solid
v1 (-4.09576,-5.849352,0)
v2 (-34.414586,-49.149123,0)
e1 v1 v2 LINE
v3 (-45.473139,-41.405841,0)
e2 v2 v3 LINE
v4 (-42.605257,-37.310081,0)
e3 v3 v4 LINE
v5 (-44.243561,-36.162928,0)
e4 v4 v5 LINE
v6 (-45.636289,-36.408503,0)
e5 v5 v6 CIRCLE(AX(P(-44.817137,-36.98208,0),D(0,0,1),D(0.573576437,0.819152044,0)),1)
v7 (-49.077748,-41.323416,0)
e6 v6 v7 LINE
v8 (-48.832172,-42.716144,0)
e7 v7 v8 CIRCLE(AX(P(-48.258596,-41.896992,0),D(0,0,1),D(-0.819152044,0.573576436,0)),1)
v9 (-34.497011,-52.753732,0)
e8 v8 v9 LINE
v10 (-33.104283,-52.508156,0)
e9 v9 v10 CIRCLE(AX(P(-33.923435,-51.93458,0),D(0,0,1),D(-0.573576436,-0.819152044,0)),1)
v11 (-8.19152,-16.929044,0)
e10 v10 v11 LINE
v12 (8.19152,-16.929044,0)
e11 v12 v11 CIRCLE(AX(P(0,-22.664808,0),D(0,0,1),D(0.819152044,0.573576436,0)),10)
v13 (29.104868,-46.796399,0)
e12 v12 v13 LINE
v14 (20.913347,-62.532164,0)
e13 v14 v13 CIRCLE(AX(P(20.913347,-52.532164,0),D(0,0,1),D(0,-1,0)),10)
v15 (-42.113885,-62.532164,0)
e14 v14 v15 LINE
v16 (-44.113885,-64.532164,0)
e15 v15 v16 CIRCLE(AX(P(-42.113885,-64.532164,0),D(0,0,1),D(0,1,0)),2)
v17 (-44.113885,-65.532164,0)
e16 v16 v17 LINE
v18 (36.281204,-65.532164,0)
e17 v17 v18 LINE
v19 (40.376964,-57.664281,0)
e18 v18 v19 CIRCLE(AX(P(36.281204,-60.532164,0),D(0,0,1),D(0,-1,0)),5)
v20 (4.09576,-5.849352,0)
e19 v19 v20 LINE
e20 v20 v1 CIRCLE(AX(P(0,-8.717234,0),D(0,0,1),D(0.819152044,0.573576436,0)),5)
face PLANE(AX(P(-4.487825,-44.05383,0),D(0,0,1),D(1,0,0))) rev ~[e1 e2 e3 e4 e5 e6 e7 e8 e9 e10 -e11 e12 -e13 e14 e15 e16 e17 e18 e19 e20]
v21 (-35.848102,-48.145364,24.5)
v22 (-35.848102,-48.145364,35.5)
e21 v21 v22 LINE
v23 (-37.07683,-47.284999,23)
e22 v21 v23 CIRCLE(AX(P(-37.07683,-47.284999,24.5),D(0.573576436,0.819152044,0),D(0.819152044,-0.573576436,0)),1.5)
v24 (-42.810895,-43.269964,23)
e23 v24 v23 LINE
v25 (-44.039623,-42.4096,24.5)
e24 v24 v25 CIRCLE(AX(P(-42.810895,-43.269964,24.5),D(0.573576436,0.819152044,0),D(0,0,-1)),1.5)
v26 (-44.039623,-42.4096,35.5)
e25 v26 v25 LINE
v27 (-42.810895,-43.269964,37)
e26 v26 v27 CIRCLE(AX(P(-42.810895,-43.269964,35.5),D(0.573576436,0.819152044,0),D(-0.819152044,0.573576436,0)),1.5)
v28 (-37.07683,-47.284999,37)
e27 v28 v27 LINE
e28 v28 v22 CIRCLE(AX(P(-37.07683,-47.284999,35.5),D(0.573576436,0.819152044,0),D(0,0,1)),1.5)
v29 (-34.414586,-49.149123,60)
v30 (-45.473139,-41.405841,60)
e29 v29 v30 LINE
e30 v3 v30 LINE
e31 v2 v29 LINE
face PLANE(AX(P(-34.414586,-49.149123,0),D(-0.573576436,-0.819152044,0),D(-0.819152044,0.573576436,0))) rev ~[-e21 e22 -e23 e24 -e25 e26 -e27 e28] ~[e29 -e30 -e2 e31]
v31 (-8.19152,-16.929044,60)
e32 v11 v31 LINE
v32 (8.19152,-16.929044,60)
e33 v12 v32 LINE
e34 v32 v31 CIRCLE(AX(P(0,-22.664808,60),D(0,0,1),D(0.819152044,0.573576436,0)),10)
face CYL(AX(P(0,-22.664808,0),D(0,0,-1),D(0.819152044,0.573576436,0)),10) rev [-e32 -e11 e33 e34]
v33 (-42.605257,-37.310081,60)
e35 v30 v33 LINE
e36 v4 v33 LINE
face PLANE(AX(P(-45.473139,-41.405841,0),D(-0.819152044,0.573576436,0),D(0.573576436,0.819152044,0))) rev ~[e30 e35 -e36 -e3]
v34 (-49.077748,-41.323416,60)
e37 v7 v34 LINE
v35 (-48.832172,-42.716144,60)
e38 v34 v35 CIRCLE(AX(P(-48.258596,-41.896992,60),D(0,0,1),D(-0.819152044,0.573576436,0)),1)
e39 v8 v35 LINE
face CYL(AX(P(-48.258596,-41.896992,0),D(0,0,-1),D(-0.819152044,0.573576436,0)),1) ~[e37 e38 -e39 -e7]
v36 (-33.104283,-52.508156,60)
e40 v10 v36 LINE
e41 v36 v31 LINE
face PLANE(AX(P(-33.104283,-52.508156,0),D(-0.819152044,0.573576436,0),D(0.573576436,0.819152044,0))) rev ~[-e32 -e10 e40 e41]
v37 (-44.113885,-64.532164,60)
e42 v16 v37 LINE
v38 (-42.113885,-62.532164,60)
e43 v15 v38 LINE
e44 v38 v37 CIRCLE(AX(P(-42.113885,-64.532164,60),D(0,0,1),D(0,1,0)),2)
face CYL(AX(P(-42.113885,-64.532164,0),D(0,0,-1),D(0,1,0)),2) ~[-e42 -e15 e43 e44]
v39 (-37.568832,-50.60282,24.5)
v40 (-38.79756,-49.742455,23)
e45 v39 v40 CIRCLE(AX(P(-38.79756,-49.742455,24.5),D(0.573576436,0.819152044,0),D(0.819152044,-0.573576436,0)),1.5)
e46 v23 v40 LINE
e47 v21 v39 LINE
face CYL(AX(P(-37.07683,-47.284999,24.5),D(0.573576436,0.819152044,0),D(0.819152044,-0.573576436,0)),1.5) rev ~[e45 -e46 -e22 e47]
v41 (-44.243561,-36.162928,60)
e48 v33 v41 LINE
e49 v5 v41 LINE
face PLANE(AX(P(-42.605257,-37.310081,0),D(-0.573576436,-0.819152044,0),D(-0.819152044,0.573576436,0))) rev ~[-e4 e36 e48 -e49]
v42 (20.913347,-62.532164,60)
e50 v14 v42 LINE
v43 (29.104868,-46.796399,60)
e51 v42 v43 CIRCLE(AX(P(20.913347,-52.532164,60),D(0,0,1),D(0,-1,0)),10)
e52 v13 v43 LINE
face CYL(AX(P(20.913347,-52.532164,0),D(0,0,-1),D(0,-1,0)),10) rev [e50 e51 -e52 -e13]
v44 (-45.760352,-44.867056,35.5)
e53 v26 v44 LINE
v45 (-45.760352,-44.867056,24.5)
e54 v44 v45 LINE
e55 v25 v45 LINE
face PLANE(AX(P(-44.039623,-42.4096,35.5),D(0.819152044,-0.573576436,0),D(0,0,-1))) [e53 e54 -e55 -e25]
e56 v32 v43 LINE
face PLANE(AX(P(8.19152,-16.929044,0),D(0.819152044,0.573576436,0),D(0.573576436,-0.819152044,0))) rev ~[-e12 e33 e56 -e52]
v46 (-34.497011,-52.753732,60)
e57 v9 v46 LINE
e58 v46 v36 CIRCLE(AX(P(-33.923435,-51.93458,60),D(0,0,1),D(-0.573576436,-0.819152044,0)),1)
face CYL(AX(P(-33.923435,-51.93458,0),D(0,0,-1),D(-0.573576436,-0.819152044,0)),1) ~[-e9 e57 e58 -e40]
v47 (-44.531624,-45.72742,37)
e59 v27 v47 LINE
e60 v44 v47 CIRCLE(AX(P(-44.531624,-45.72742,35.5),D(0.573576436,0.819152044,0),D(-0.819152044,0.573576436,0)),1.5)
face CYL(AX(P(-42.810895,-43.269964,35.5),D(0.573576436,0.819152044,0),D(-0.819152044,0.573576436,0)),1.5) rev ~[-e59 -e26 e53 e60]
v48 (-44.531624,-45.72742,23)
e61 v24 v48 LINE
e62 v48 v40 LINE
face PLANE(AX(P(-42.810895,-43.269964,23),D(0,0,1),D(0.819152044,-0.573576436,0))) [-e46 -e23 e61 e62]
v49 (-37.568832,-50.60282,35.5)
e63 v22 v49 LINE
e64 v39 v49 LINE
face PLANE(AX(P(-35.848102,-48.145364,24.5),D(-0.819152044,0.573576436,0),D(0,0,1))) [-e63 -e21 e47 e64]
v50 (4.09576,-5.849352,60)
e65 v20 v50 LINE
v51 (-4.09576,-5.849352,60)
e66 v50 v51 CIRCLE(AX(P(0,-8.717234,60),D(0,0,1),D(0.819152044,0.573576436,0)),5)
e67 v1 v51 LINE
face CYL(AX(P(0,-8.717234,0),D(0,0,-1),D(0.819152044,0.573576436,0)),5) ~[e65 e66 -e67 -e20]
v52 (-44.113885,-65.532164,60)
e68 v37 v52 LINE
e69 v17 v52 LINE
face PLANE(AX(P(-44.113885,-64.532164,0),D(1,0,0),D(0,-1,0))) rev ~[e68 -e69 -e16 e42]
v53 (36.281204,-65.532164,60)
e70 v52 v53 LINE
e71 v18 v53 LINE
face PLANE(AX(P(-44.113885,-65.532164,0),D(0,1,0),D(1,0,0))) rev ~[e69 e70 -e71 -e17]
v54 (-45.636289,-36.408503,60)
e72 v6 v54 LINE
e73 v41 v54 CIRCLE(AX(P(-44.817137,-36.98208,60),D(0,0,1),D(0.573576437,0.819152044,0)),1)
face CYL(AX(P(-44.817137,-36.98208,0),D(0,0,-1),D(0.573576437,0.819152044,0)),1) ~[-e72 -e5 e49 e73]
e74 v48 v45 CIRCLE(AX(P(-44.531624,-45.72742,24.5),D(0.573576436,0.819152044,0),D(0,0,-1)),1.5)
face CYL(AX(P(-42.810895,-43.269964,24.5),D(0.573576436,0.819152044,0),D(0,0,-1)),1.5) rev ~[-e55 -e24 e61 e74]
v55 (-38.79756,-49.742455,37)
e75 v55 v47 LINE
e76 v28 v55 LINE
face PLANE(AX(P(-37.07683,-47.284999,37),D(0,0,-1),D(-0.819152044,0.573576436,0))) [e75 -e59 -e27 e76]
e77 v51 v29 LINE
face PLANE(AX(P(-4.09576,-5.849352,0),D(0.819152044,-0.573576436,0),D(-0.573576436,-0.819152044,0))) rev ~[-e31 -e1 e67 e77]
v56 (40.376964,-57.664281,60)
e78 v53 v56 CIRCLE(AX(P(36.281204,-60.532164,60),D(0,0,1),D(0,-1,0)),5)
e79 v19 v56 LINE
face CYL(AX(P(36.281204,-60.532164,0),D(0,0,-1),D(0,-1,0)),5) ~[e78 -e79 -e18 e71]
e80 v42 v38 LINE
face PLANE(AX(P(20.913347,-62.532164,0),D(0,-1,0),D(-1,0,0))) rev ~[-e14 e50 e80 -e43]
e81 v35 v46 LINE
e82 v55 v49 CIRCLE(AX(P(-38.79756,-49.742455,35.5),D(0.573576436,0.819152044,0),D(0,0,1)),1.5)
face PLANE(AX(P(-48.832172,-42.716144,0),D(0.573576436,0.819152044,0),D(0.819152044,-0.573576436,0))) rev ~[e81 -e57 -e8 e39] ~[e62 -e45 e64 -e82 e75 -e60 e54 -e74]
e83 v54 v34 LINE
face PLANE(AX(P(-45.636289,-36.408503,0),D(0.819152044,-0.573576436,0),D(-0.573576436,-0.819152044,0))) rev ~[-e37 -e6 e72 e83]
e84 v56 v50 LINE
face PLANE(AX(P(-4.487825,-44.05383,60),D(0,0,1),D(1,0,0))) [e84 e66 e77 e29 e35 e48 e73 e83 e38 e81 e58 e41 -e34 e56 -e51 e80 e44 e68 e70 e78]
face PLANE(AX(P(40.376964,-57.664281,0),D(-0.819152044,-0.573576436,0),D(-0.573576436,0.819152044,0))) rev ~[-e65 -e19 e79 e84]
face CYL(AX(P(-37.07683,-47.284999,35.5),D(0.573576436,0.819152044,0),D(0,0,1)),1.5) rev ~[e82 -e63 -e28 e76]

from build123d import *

# Parameters (mm, degrees)
PAD_DEPTH    = 60
POCKET_DEPTH = 21.9353755374


with BuildPart() as part:
    # Sketch → Pad (new body)
    with BuildSketch(Plane.XY):
        with BuildLine():
            Line((-4.0957602214, -5.8493517964), (-34.4145861811, -49.1491226573))
            Line((-34.4145861811, -49.1491226573), (-45.473138779, -41.4058407666))
            Line((-45.473138779, -41.4058407666), (-42.6052565972, -37.3100805452))
            Line((-42.6052565972, -37.3100805452), (-44.2435606858, -36.1629276725))
            ThreePointArc((-44.2435606858, -36.1629276725), (-44.9907852998, -35.9972719637), (-45.6362891664, -36.4085032804))
            Line((-45.6362891664, -36.4085032804), (-49.0777477845, -41.3234155461))
            ThreePointArc((-49.0777477845, -41.3234155461), (-49.2434034933, -42.0706401601), (-48.8321721766, -42.7161440268))
            Line((-48.8321721766, -42.7161440268), (-34.4970114015, -52.7537316629))
            ThreePointArc((-34.4970114015, -52.7537316629), (-33.7497867875, -52.9193873716), (-33.1042829209, -52.508156055))
            Line((-33.1042829209, -52.508156055), (-8.1915204429, -16.9290439796))
            ThreePointArc((8.1915204429, -16.9290439796), (0, -12.6648083431), (-8.1915204429, -16.9290439796))
            Line((8.1915204429, -16.9290439796), (29.1048677003, -46.7963991796))
            ThreePointArc((20.9133472575, -62.5321635431), (29.7834555892, -57.1496496755), (29.1048677003, -46.7963991796))
            Line((20.9133472575, -62.5321635431), (-42.1138850919, -62.5321635431))
            ThreePointArc((-42.1138850919, -62.5321635431), (-43.5280986543, -63.1179499807), (-44.1138850919, -64.5321635431))
            Line((-44.1138850919, -64.5321635431), (-44.1138850919, -65.5321635431))
            Line((-44.1138850919, -65.5321635431), (36.2812042732, -65.5321635431))
            ThreePointArc((36.2812042732, -65.5321635431), (40.7162584391, -62.8409066093), (40.3769644947, -57.6642813614))
            Line((40.3769644947, -57.6642813614), (4.0957602214, -5.8493517964))
            ThreePointArc((4.0957602214, -5.8493517964), (0, -3.7172339781), (-4.0957602214, -5.8493517964))
        make_face()
    extrude(amount=PAD_DEPTH)

    # Sketch001 (on Face9 of Pad) → Pocket (cut, through all)
    with BuildSketch(Plane(origin=(-34.4145861811, -49.1491226573, 0), x_dir=(-0.8191520443, 0.5735764364, 0), z_dir=(0.5735764364, 0.8191520443, 0))):
        with BuildLine():
            Line((1.75, 24.5), (1.75, 35.5))
            ThreePointArc((3.25, 37), (2.1893398282, 36.5606601718), (1.75, 35.5))
            Line((3.25, 37), (10.25, 37))
            ThreePointArc((11.75, 35.5), (11.3106601718, 36.5606601718), (10.25, 37))
            Line((11.75, 35.5), (11.75, 24.5))
            ThreePointArc((10.25, 23), (11.3106601718, 23.4393398282), (11.75, 24.5))
            Line((10.25, 23), (3.25, 23))
            ThreePointArc((1.75, 24.5), (2.1893398282, 23.4393398282), (3.25, 23))
        make_face()
    extrude(amount=-POCKET_DEPTH, mode=Mode.SUBTRACT)


solid = part.part
